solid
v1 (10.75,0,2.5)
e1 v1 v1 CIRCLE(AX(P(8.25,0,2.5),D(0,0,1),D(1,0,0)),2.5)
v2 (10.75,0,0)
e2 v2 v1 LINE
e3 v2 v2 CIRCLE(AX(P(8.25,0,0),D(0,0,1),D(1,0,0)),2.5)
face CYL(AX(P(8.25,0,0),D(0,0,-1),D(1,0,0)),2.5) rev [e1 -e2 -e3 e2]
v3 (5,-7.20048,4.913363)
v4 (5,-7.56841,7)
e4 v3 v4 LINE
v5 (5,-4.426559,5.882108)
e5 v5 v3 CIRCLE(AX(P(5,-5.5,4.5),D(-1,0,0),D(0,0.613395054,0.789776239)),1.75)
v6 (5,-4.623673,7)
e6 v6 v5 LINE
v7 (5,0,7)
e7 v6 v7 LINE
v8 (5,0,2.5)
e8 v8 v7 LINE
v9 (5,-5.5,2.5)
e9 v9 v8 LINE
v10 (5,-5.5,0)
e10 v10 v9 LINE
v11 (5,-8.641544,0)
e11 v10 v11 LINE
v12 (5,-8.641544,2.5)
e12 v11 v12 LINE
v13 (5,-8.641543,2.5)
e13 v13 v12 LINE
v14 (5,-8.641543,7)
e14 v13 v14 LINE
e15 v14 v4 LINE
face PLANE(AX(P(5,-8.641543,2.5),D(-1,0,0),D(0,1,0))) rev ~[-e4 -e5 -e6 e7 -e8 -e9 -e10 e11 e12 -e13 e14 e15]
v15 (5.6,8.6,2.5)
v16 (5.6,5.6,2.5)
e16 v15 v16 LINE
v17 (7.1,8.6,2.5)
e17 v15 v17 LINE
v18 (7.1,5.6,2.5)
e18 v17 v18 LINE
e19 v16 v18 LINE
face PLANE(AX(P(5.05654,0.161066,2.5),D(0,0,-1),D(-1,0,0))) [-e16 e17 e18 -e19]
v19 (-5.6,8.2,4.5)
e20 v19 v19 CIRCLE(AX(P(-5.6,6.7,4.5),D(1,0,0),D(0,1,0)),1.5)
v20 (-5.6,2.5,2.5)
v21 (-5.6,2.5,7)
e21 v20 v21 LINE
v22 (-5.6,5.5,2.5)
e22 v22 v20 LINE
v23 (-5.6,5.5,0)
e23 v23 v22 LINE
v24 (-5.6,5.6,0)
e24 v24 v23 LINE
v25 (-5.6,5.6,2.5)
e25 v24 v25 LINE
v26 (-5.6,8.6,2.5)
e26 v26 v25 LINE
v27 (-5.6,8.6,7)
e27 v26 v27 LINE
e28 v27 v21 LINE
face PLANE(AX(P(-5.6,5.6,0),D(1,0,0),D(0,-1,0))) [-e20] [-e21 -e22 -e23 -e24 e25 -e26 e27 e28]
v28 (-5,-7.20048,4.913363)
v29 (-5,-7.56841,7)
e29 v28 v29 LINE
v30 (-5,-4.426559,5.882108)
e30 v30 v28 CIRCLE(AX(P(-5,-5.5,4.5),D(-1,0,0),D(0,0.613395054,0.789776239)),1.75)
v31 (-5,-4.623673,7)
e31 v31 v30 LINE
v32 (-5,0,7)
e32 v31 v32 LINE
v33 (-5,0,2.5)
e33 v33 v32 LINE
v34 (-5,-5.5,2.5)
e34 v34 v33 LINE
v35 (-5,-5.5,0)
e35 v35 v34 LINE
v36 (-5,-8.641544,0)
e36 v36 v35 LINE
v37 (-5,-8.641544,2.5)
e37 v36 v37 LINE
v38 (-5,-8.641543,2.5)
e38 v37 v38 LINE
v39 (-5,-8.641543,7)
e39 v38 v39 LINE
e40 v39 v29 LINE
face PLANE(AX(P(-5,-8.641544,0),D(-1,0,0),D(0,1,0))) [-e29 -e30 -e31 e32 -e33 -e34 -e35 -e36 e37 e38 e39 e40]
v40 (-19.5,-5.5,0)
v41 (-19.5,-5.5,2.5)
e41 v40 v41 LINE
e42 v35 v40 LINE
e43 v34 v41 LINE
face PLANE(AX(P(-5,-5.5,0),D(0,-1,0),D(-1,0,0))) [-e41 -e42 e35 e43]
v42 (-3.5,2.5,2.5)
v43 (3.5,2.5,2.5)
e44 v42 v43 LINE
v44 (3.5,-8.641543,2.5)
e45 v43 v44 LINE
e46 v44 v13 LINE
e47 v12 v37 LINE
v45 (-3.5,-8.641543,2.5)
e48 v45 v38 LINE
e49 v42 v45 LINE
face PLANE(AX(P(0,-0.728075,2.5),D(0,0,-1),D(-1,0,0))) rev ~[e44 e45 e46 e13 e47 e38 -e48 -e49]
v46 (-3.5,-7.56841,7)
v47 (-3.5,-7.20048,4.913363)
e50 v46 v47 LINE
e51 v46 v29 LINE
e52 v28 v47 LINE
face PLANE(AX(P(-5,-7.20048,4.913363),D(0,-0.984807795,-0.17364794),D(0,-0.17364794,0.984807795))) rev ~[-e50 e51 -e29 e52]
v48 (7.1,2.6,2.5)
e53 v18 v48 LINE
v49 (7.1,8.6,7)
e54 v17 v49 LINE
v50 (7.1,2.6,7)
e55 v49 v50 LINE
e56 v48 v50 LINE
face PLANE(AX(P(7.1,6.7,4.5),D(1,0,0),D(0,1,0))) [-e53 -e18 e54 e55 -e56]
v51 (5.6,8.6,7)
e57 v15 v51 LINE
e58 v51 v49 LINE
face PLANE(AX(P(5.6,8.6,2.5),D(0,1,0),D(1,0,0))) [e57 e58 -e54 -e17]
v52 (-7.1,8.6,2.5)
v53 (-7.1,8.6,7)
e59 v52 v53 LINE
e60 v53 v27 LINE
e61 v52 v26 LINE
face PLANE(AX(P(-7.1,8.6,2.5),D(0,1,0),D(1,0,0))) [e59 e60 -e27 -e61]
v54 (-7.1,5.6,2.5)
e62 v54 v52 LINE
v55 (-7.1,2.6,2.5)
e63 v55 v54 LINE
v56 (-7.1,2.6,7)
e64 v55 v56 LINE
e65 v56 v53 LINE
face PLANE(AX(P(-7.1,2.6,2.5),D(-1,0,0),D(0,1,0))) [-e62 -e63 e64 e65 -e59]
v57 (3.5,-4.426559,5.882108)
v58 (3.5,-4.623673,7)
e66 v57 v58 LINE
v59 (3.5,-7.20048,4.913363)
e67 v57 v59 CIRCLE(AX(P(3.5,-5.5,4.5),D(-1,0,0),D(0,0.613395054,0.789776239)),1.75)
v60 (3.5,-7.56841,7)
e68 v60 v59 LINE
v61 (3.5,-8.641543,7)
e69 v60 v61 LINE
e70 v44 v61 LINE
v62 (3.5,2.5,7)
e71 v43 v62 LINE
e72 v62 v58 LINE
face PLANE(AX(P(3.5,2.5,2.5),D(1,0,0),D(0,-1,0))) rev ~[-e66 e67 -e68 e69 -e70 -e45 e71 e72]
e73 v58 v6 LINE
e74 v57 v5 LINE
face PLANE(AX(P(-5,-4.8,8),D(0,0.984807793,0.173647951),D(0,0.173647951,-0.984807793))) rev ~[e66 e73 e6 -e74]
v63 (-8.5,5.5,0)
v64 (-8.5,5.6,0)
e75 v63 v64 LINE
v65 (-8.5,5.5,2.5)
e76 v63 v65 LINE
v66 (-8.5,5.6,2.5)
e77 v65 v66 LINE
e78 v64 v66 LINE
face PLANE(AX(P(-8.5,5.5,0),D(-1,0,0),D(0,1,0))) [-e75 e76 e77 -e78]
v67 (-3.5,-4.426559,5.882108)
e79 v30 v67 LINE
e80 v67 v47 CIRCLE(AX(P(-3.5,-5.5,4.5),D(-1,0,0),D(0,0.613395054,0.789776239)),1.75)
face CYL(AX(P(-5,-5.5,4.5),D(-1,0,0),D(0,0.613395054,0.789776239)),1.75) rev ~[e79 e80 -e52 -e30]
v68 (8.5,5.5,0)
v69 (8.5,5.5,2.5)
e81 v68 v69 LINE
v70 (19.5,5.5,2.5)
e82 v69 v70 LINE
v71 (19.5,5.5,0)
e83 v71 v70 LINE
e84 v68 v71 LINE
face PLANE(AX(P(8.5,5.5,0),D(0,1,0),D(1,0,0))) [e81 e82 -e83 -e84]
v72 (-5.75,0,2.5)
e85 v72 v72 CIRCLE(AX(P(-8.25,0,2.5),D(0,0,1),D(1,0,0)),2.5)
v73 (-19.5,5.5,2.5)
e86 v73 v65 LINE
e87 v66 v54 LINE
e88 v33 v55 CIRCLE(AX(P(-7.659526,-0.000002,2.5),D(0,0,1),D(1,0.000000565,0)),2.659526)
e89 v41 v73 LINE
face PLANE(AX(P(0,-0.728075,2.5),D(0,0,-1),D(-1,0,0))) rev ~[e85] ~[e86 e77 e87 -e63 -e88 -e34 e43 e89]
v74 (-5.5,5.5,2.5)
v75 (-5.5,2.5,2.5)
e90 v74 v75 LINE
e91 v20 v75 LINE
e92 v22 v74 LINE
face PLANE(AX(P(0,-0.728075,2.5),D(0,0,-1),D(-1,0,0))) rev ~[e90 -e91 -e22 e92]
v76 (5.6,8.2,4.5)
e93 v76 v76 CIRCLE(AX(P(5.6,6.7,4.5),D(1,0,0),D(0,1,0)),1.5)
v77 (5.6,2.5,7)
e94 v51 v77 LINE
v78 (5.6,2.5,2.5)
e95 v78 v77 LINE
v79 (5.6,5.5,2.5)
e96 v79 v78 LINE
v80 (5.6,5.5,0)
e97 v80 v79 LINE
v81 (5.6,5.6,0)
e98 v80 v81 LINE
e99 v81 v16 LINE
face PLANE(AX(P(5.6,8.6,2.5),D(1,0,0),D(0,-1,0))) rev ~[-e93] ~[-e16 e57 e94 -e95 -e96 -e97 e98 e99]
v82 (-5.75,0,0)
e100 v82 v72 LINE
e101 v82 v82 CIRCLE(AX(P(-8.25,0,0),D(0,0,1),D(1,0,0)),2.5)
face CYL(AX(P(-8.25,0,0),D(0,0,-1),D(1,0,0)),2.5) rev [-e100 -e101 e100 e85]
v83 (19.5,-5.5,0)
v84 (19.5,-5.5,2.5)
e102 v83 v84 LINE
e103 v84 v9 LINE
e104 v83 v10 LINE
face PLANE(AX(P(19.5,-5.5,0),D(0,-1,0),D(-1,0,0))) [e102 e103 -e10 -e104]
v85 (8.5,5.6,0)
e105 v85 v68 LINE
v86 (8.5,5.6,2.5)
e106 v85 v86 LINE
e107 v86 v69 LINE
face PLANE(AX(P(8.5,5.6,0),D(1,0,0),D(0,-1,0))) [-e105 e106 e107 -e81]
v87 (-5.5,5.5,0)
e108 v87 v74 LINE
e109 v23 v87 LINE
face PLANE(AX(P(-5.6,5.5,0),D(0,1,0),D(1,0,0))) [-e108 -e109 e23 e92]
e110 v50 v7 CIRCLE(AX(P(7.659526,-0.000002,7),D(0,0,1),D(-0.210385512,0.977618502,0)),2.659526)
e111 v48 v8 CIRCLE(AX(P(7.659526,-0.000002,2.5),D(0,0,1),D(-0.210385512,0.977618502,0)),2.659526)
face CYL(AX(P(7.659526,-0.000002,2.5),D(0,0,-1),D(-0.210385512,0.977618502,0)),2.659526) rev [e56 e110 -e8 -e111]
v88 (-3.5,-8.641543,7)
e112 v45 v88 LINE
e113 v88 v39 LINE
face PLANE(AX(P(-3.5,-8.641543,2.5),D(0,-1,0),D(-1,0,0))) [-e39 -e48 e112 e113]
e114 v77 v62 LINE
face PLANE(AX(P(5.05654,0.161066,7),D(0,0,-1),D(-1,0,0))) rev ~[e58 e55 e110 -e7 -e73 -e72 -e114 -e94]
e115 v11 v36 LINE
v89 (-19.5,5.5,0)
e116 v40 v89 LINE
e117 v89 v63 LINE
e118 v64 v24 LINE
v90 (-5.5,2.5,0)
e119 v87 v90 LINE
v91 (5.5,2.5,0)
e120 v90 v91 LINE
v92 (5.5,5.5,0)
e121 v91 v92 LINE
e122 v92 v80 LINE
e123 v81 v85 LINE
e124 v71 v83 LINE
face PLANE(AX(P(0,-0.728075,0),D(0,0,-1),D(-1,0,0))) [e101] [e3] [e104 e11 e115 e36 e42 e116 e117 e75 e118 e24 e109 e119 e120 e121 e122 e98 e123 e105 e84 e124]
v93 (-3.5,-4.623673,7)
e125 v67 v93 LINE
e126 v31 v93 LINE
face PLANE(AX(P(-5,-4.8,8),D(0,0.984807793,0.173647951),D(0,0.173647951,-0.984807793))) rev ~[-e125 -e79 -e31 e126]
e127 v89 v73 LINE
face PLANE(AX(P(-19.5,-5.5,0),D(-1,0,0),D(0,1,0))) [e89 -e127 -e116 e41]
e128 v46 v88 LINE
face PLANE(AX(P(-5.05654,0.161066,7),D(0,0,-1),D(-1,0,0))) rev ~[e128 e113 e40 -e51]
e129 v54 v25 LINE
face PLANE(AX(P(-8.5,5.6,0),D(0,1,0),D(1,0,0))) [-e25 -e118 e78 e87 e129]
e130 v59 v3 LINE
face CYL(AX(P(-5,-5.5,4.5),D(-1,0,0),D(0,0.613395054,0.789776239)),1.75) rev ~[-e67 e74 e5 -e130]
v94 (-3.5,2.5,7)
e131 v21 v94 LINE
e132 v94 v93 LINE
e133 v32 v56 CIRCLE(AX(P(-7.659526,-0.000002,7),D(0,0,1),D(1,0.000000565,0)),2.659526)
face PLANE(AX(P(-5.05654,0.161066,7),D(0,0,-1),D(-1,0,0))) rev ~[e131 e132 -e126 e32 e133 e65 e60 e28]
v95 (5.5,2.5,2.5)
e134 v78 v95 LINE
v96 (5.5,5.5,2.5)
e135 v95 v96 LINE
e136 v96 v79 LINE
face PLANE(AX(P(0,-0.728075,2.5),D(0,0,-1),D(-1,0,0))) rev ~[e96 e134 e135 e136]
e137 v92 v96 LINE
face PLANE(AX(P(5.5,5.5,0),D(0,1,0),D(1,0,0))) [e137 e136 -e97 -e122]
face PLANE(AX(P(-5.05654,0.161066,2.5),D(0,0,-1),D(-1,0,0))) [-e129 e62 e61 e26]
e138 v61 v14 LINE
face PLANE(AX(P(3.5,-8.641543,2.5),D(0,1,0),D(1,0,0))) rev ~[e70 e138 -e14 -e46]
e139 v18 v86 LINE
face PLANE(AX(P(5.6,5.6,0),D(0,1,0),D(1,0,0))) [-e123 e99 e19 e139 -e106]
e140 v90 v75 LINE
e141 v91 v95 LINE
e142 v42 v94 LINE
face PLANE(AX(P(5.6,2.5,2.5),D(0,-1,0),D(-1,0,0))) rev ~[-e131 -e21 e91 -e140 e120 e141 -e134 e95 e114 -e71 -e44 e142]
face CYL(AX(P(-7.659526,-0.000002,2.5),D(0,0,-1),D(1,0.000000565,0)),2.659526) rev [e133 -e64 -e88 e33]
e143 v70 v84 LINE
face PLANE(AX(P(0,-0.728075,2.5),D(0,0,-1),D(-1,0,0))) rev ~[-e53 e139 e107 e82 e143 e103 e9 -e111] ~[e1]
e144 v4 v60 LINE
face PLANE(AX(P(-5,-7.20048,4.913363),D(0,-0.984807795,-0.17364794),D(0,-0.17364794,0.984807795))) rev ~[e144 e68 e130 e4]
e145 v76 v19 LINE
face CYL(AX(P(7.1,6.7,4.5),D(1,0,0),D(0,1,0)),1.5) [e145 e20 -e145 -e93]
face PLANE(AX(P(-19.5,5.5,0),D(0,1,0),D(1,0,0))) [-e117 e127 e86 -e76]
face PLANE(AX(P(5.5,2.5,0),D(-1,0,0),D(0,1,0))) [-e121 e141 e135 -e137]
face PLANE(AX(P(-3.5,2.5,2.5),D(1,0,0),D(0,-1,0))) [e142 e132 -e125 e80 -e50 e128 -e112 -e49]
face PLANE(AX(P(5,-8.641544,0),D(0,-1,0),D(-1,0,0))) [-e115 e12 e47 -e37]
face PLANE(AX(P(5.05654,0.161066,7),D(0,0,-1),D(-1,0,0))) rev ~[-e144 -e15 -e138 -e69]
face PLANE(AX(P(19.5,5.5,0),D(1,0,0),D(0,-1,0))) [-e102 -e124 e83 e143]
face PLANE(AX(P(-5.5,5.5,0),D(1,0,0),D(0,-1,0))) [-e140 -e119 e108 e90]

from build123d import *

# Parameters (mm, degrees)
SKETCH_R     = 2.5
PAD_DEPTH    = 2.5
PAD001_DEPTH = 4.5
SKETCH002_R  = 1.5
PAD002_DEPTH = 14.2
POCKET_DEPTH = 10


with BuildPart() as part:
    # Sketch → Pad (new body)
    with BuildSketch(Plane.XY):
        Polygon((19.5, 5.5), (19.5, -5.5), (5, -5.5), (5, -8.641544), (-5, -8.641544), (-5, -5.5), (-19.5, -5.5), (-19.5, 5.5), (-8.5, 5.5), (-8.5, 5.6), (-5.6, 5.6), (-5.6, 5.5), (-5.5, 5.5), (-5.5, 2.5), (5.5, 2.5), (5.5, 5.5), (5.6, 5.5), (5.6, 5.6), (8.5, 5.6), (8.5, 5.5), align=None)
        with Locations((-8.25, 0)):
            Circle(SKETCH_R, mode=Mode.SUBTRACT)
        with Locations((8.25, 0)):
            Circle(SKETCH_R, mode=Mode.SUBTRACT)
    extrude(amount=PAD_DEPTH)

    # Sketch001 (on Face24 of Pad) → Pad001 (join)
    with BuildSketch(Plane.XY.offset(2.5)):
        with BuildLine():
            Line((5.6, 5.6), (5.6, 8.6))
            Line((5.6, 8.6), (7.1, 8.6))
            Line((7.1, 8.6), (7.1, 2.6))
            ThreePointArc((7.1, 2.6), (5.590571, 1.671077), (5, 0))
            Line((5, -8.641543), (5, 0))
            Line((3.5, -8.641543), (5, -8.641543))
            Line((3.5, 2.5), (3.5, -8.641543))
            Line((5.6, 2.5), (3.5, 2.5))
            Line((5.6, 5.6), (5.6, 2.5))
        make_face()
        with BuildLine():
            Line((-7.1, 8.6), (-5.6, 8.6))
            Line((-5.6, 8.6), (-5.6, 2.5))
            Line((-5.6, 2.5), (-3.5, 2.5))
            Line((-3.5, 2.5), (-3.5, -8.641543))
            Line((-3.5, -8.641543), (-5, -8.641543))
            Line((-5, -8.641543), (-5, 0))
            ThreePointArc((-5, 0), (-5.590571, 1.671077), (-7.1, 2.6))
            Line((-7.1, 2.6), (-7.1, 8.6))
        make_face()
    extrude(amount=PAD001_DEPTH)

    # Sketch002 (on Face44 of Pad001) → Pad002 (join)
    with BuildSketch(Plane.YZ.offset(7.1)):
        with Locations((6.7, 4.5)):
            Circle(SKETCH002_R)
    extrude(amount=-PAD002_DEPTH)

    # Sketch003 (on Face35 of Pad002) → Pocket (cut)
    with BuildSketch(Plane(origin=(-5, 0, 0), x_dir=(0, -1, 0), z_dir=(-1, 0, 0))):
        with BuildLine():
            ThreePointArc((4.426559, 5.882108), (4.923015, 2.847853), (7.20048, 4.913363))
            Line((7.20048, 4.913363), (7.655942, 7.49642))
            Line((4.8, 8), (7.655942, 7.49642))
            Line((4.8, 8), (4.426559, 5.882108))
        make_face()
    extrude(amount=-POCKET_DEPTH, mode=Mode.SUBTRACT)


solid = part.part
